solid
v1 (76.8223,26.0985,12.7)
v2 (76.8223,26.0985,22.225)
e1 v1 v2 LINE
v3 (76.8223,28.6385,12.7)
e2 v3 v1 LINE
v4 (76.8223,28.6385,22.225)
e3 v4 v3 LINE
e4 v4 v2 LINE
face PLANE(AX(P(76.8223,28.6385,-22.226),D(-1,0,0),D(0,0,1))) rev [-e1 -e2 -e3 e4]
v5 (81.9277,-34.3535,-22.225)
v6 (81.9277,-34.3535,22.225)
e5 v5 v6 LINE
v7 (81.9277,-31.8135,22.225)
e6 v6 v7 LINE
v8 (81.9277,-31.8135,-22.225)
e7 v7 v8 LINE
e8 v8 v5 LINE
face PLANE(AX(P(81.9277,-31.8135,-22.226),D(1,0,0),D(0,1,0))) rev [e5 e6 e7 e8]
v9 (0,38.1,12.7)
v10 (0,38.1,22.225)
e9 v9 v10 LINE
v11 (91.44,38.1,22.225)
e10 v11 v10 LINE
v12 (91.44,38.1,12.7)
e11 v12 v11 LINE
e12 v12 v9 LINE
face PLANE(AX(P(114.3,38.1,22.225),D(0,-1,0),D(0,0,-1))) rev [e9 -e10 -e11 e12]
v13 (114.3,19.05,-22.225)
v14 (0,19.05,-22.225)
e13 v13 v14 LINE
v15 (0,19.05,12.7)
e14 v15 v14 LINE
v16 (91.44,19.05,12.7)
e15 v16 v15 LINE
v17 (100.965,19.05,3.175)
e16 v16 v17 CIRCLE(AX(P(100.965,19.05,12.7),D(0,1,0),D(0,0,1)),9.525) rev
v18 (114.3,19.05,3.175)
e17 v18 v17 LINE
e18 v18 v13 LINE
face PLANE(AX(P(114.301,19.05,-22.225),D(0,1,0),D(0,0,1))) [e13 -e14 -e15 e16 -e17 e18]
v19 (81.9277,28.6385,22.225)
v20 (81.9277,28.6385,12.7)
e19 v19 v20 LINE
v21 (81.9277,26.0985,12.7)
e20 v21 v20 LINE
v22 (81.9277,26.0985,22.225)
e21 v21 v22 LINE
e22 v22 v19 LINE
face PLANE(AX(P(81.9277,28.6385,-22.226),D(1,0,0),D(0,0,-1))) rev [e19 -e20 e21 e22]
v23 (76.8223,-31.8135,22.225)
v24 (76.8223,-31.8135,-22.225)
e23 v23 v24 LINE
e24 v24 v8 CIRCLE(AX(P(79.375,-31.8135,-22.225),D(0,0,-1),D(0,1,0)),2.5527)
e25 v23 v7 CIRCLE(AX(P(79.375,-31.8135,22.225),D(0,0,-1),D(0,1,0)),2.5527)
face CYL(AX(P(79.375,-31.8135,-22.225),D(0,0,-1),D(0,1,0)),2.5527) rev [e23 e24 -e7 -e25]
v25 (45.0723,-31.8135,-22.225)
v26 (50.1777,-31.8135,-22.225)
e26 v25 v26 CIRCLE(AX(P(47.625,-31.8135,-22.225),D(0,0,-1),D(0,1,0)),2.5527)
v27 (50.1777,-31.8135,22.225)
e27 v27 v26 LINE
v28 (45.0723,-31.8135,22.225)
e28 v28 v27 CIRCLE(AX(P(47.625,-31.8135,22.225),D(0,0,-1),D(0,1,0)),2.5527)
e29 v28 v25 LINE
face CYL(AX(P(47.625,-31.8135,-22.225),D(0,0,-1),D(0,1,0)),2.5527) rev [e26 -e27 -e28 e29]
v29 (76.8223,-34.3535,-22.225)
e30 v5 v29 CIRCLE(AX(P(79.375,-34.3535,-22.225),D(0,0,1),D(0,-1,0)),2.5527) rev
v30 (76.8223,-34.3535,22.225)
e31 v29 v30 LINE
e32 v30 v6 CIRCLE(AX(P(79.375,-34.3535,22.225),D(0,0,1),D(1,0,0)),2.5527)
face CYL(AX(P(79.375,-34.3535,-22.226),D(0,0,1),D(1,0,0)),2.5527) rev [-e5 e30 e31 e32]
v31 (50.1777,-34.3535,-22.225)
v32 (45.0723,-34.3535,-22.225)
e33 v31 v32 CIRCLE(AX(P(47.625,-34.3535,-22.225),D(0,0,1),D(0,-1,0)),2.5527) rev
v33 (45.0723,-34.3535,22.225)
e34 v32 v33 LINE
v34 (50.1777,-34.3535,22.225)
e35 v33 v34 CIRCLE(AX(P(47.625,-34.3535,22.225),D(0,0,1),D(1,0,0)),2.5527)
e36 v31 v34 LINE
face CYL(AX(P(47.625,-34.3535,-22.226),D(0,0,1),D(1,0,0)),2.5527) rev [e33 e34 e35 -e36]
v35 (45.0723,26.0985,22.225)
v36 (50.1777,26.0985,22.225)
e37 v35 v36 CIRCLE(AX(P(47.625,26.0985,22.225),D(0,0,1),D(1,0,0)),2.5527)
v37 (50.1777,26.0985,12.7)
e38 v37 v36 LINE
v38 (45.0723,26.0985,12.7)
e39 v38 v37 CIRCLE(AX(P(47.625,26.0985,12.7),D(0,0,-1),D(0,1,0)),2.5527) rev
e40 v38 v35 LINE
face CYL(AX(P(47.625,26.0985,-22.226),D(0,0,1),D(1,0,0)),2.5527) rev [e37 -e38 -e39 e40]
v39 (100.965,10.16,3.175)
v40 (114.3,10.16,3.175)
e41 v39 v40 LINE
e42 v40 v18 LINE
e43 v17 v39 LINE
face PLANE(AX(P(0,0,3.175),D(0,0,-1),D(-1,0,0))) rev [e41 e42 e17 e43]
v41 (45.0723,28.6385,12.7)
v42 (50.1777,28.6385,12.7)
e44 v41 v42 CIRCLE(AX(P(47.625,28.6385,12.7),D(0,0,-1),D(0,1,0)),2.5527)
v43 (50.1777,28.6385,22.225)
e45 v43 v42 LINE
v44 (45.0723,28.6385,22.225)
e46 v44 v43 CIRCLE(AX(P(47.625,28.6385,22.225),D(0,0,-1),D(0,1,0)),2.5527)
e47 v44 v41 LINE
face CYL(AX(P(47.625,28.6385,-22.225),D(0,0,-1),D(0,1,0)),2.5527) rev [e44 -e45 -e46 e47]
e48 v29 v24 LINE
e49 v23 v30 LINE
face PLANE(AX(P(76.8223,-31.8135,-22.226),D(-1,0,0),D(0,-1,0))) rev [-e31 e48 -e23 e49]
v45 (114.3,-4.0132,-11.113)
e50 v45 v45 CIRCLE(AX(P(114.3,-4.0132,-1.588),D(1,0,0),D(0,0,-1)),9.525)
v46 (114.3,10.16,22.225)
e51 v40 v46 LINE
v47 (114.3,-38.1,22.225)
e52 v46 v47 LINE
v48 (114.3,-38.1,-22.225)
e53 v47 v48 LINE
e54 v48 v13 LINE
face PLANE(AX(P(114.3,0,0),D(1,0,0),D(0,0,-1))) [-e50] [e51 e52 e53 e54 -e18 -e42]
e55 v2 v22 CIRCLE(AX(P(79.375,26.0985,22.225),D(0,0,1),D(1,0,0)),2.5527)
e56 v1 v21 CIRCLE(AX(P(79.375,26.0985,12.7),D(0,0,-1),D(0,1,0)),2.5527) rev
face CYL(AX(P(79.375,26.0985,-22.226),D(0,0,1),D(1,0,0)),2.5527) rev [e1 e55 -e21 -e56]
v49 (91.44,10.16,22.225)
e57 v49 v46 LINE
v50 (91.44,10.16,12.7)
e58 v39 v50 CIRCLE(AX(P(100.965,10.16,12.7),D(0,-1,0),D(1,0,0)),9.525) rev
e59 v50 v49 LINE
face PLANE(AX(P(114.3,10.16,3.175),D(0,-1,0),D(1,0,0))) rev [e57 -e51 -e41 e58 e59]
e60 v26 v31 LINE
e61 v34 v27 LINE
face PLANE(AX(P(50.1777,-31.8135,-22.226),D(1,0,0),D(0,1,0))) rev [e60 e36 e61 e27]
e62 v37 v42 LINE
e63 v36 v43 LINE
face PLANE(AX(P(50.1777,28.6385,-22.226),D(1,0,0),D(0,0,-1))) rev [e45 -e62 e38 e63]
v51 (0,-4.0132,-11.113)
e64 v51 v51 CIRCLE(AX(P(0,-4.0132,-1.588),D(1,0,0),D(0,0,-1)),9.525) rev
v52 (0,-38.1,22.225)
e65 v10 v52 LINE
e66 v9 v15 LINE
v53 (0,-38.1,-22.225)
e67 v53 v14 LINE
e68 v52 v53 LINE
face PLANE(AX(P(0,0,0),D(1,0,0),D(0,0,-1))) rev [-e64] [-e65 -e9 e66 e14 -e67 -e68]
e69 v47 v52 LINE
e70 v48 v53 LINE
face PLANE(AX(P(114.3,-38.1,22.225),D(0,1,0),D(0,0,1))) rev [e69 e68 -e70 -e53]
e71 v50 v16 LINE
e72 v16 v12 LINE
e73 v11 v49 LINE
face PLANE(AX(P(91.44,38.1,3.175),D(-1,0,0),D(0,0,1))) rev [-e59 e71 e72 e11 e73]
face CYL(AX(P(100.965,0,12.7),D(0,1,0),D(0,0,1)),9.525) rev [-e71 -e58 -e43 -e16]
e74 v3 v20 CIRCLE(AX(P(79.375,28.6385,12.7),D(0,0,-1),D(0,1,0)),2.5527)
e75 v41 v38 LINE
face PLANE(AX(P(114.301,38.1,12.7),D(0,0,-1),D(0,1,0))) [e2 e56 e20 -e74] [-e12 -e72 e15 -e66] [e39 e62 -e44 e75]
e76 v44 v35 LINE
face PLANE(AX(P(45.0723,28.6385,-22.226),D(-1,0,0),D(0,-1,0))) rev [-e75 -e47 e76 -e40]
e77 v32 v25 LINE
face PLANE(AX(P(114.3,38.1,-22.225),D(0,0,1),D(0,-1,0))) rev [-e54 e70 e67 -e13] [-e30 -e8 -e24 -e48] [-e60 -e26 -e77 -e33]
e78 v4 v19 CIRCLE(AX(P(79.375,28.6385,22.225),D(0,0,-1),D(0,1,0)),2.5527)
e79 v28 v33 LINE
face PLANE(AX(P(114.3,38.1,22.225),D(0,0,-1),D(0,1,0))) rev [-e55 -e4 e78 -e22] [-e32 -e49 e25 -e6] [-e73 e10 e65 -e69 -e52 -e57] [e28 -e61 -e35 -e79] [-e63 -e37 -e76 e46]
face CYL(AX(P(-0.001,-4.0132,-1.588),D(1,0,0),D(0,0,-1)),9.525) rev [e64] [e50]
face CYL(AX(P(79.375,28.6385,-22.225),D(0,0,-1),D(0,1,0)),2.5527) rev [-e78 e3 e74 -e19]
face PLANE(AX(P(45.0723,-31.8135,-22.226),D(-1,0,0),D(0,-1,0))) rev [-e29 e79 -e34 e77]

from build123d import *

# Parameters (mm, degrees)
SKETCH1_W              = 44.45
SKETCH1_H              = 76.2
BOSS_EXTRUDE1_DEPTH    = 114.3
CUT_EXTRUDE1_REACH     = 124.516
SKETCH2_R              = 9.525
SKETCH3_W              = 22.86
SKETCH3_H              = 27.94
CUT_EXTRUDE2_DEPTH     = 19.05
CUT_EXTRUDE3_REACH     = 124.516
SKETCH4_W              = 34.925
SKETCH4_H              = 19.05
FILLET1_R              = 9.525
F_10_CLEARANCE_HOLE1_D = 5.1054
CUT_EXTRUDE4_REACH     = 130.421


with BuildPart() as part:
    # Sketch1 → Boss-Extrude1 (new body)
    with BuildSketch(Plane(origin=(0, 0, 0), x_dir=(0, 0, -1), z_dir=(1, 0, 0))):
        Rectangle(SKETCH1_W, SKETCH1_H)
    extrude(amount=BOSS_EXTRUDE1_DEPTH)

    # Sketch2 → Cut-Extrude1 (cut, up to next)
    with BuildSketch(Plane(origin=(114.3, 0, 0), x_dir=(0, 0, -1), z_dir=(1, 0, 0)), mode=Mode.PRIVATE) as cut_extrude1_sk1:
        with Locations((1.588, -4.0132)):
            Circle(SKETCH2_R)
    cut_extrude1_tool1 = extrude(cut_extrude1_sk1.sketch, amount=-CUT_EXTRUDE1_REACH, mode=Mode.PRIVATE) & part.part
    add(cut_extrude1_tool1.solids().sort_by_distance((114.3, -4.0132, -1.588))[0], mode=Mode.SUBTRACT)

    # Sketch3 → Cut-Extrude2 (cut)
    with BuildSketch(Plane.XY.offset(22.225)):
        with Locations((102.87, 24.13)):
            Rectangle(SKETCH3_W, SKETCH3_H)
    extrude(amount=-CUT_EXTRUDE2_DEPTH, mode=Mode.SUBTRACT)

    # Sketch4 → Cut-Extrude3 (cut, up to next)
    with BuildSketch(Plane(origin=(0, 0, 0), x_dir=(0, 0, -1), z_dir=(1, 0, 0)), mode=Mode.PRIVATE) as cut_extrude3_sk1:
        with Locations((4.7625, 28.575)):
            Rectangle(SKETCH4_W, SKETCH4_H)
    cut_extrude3_tool1 = extrude(cut_extrude3_sk1.sketch, amount=CUT_EXTRUDE3_REACH, mode=Mode.PRIVATE) & part.part
    add(cut_extrude3_tool1.solids().sort_by_distance((0, 28.575, -4.7625))[0], mode=Mode.SUBTRACT)

    # Fillet1
    fillet1_edges = [part.edges().sort_by_distance(p)[0] for p in [
        (91.44, 14.605, 3.175),
    ]]
    fillet(fillet1_edges, radius=FILLET1_R)

    # #10 Clearance Hole1 (through all)
    with Locations(Plane(origin=(0, 0, -22.225), x_dir=(-1, 0, 0), z_dir=(0, 0, -1))):
        with Locations((-47.625, 28.6385), (-79.375, -31.8135), (-47.625, -31.8135), (-79.375, 28.6385)):
            Hole(F_10_CLEARANCE_HOLE1_D / 2)

    # Sketch9 → Cut-Extrude4 (cut, up to next)
    with BuildSketch(Plane.XY.offset(22.225), mode=Mode.PRIVATE) as cut_extrude4_sk1:
        with BuildLine():
            Line((50.1777, 28.6385), (50.1777, 26.0985))
            ThreePointArc((50.1777, 26.0985), (47.625, 23.5458), (45.0723, 26.0985))
            Line((45.0723, 26.0985), (45.0723, 28.6385))
            ThreePointArc((45.0723, 28.6385), (47.625, 31.1912), (50.1777, 28.6385))
        make_face()
    cut_extrude4_tool1 = extrude(cut_extrude4_sk1.sketch, amount=-CUT_EXTRUDE4_REACH, mode=Mode.PRIVATE) & part.part
    # Sketch9 → Cut-Extrude4 (cut, up to next)
    with BuildSketch(Plane.XY.offset(22.225), mode=Mode.PRIVATE) as cut_extrude4_sk2:
        with BuildLine():
            Line((81.9277, 28.6385), (81.9277, 26.0985))
            ThreePointArc((81.9277, 26.0985), (79.375, 23.5458), (76.8223, 26.0985))
            Line((76.8223, 26.0985), (76.8223, 28.6385))
            ThreePointArc((76.8223, 28.6385), (79.375, 31.1912), (81.9277, 28.6385))
        make_face()
    cut_extrude4_tool2 = extrude(cut_extrude4_sk2.sketch, amount=-CUT_EXTRUDE4_REACH, mode=Mode.PRIVATE) & part.part
    # Sketch9 → Cut-Extrude4 (cut, up to next)
    with BuildSketch(Plane.XY.offset(22.225), mode=Mode.PRIVATE) as cut_extrude4_sk3:
        with BuildLine():
            Line((81.9277, -31.8135), (81.9277, -34.3535))
            ThreePointArc((81.9277, -34.3535), (79.375, -36.9062), (76.8223, -34.3535))
            Line((76.8223, -34.3535), (76.8223, -31.8135))
            ThreePointArc((76.8223, -31.8135), (79.375, -29.2608), (81.9277, -31.8135))
        make_face()
    cut_extrude4_tool3 = extrude(cut_extrude4_sk3.sketch, amount=-CUT_EXTRUDE4_REACH, mode=Mode.PRIVATE) & part.part
    # Sketch9 → Cut-Extrude4 (cut, up to next)
    with BuildSketch(Plane.XY.offset(22.225), mode=Mode.PRIVATE) as cut_extrude4_sk4:
        with BuildLine():
            Line((50.1777, -31.8135), (50.1777, -34.3535))
            ThreePointArc((50.1777, -34.3535), (47.625, -36.9062), (45.0723, -34.3535))
            Line((45.0723, -34.3535), (45.0723, -31.8135))
            ThreePointArc((45.0723, -31.8135), (47.625, -29.2608), (50.1777, -31.8135))
        make_face()
    cut_extrude4_tool4 = extrude(cut_extrude4_sk4.sketch, amount=-CUT_EXTRUDE4_REACH, mode=Mode.PRIVATE) & part.part
    add(cut_extrude4_tool1.solids().sort_by_distance((47.625, 27.3685, 22.225))[0], mode=Mode.SUBTRACT)
    add(cut_extrude4_tool2.solids().sort_by_distance((79.375, 27.3685, 22.225))[0], mode=Mode.SUBTRACT)
    add(cut_extrude4_tool3.solids().sort_by_distance((79.375, -33.0835, 22.225))[0], mode=Mode.SUBTRACT)
    add(cut_extrude4_tool4.solids().sort_by_distance((47.625, -33.0835, 22.225))[0], mode=Mode.SUBTRACT)


solid = part.part
